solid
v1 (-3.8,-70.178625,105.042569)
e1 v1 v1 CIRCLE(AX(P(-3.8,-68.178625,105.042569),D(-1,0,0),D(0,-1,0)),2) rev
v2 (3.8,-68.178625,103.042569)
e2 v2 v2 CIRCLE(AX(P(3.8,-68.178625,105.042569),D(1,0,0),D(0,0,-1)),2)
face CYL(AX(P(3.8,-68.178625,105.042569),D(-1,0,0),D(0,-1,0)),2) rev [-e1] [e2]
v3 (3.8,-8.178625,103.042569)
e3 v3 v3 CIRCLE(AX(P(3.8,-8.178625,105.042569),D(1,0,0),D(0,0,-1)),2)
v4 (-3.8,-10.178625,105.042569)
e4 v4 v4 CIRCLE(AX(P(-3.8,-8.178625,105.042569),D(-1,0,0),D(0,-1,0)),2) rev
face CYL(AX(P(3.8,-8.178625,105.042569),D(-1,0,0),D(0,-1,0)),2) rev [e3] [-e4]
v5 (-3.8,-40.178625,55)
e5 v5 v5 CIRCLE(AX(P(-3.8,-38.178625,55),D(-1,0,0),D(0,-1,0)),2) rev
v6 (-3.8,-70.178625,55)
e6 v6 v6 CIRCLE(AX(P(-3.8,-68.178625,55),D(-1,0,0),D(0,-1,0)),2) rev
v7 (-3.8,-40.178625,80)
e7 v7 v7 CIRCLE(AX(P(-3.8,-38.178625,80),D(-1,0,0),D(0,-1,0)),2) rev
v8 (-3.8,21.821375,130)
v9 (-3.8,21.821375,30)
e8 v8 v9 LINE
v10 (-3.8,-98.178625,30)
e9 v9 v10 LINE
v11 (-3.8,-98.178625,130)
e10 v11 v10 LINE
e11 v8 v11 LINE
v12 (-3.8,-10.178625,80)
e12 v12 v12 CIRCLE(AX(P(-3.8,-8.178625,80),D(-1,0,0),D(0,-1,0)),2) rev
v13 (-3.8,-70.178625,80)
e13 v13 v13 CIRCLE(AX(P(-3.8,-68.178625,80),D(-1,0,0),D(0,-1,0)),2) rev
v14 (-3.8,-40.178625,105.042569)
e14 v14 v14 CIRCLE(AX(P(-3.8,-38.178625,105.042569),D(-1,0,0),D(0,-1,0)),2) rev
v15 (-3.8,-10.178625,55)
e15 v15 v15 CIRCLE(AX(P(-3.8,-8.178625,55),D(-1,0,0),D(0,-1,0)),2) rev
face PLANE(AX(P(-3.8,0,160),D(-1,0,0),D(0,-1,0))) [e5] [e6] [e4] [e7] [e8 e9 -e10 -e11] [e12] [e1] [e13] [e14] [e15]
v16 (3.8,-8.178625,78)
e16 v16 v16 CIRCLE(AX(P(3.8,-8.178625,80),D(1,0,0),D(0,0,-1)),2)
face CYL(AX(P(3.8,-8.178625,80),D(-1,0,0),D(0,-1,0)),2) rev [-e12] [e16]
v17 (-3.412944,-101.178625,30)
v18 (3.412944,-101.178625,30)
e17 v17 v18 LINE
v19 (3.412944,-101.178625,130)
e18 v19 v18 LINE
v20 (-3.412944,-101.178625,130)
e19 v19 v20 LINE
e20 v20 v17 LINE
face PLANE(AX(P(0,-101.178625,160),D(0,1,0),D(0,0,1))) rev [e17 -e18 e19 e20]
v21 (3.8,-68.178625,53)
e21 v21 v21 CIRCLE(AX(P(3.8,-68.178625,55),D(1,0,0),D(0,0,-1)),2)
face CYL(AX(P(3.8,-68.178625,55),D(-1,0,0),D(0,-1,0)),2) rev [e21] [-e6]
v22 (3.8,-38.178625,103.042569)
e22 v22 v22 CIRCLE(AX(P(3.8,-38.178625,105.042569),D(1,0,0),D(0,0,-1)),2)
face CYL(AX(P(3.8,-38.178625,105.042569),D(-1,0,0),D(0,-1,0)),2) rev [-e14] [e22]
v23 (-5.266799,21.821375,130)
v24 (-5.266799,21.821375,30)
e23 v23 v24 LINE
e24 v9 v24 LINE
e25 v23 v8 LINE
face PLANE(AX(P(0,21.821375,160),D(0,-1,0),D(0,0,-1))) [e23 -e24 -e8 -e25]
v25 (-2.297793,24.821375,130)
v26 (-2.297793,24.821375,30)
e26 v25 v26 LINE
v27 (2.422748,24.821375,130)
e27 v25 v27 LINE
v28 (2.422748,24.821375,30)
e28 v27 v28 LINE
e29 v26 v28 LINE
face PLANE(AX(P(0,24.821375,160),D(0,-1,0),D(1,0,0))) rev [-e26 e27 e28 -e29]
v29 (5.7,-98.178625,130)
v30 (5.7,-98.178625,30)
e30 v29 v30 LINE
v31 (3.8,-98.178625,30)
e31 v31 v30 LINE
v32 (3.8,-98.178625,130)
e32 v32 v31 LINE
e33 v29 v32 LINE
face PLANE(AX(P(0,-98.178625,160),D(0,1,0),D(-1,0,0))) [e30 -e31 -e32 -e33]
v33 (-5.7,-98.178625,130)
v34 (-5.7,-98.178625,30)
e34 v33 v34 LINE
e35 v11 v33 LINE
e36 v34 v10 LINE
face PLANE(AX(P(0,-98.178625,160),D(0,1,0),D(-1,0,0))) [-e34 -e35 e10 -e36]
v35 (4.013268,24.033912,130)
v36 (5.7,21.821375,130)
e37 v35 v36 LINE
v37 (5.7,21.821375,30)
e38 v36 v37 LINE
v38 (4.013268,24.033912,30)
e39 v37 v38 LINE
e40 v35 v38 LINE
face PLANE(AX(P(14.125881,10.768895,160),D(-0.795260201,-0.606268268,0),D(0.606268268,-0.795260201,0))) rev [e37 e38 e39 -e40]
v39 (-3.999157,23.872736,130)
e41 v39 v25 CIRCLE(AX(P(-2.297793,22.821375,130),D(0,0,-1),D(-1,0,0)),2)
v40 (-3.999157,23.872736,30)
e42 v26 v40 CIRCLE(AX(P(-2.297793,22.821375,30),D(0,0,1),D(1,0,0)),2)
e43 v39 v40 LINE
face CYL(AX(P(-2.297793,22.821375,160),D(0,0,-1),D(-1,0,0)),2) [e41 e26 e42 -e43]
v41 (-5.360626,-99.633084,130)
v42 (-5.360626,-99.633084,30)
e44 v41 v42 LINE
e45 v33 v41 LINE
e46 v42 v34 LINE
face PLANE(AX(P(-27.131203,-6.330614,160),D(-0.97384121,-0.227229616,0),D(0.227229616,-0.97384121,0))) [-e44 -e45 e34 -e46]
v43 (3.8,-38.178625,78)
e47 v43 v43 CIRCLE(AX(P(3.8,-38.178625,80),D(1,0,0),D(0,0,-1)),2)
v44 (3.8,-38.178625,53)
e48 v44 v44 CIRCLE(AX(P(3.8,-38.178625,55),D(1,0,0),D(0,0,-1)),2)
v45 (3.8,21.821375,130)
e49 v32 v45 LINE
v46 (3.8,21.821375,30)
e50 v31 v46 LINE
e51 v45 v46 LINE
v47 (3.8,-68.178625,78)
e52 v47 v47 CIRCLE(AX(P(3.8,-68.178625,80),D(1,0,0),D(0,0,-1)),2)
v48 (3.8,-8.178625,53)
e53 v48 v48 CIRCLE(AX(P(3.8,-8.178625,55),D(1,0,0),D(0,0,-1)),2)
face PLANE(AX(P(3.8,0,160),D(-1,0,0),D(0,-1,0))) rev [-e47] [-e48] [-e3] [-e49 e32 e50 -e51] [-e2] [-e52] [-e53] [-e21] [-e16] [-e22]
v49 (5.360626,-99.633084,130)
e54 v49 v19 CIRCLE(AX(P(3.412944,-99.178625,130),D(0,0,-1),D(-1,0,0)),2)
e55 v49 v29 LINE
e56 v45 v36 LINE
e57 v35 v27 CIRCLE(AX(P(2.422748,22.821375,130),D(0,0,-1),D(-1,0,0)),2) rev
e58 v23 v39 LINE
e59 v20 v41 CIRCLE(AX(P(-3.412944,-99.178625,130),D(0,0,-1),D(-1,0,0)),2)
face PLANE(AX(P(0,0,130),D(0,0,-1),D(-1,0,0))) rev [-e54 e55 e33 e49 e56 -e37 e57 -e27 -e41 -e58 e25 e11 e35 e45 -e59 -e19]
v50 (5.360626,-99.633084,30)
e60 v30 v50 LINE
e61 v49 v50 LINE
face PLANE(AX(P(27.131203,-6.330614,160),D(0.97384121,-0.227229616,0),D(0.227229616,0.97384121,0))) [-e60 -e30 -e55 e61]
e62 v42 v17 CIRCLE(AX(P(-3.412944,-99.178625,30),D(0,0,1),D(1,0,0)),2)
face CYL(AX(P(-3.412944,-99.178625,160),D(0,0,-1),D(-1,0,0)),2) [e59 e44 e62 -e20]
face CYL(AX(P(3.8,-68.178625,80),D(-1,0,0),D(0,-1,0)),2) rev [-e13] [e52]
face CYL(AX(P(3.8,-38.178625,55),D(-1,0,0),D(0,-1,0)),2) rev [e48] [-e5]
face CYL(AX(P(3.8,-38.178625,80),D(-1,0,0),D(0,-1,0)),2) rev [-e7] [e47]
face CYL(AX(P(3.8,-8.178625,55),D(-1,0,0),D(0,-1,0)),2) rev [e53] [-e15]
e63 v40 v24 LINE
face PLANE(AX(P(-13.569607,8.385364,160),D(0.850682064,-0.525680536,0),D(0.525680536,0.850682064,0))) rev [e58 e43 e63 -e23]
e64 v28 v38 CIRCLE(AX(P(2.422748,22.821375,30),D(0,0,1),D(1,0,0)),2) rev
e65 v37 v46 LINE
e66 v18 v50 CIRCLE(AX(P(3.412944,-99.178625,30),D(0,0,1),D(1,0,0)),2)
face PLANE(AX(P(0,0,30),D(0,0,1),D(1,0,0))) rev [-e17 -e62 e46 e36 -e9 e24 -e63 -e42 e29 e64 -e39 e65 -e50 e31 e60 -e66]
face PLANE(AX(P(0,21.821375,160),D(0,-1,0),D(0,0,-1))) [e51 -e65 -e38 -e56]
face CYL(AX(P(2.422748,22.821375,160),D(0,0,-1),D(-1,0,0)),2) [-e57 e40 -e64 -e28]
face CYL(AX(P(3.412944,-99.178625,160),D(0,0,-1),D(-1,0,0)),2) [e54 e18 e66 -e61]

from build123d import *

# Parameters (mm, degrees)
RESSALTO_EXTRUS_O1_DEPTH   = 160
ESBO_O2_W                  = 7.6
ESBO_O2_H                  = 120
CORTE_EXTRUS_O1_DEPTH      = 30
CORTE_EXTRUS_O2_DEPTH      = 30
F_3DSKETCH3_R              = 2
CORTE_EXTRUS_O3_DEPTH      = 70
ESBO_O3_W                  = 45.015344868
ESBO_O3_H                  = 129.478543367
ESBO_O3_W_2                = 37.192593828
CORTE_EXTRUS_O4_DEPTH      = 41
CORTE_EXTRUS_O4_DEPTH_BACK = 22


with BuildPart() as part:
    # Esboço1 → Ressalto-extrusão1 (new body)
    with BuildSketch(Plane.XY):
        with BuildLine():
            Line((-3.8, 21.821375341), (-3.8, -98.178624659))
            Line((-3.8, -98.178624659), (-5.7, -98.178624659))
            Line((-5.7, -98.178624659), (-5.360626179, -99.63308389))
            ThreePointArc((-5.360626179, -99.63308389), (-4.656141559, -100.745296045), (-3.41294376, -101.178624659))
            Line((-3.41294376, -101.178624659), (3.41294376, -101.178624659))
            ThreePointArc((3.41294376, -101.178624659), (4.656141559, -100.745296045), (5.360626179, -99.63308389))
            Line((5.360626179, -99.63308389), (5.7, -98.178624659))
            Line((5.7, -98.178624659), (3.8, -98.178624659))
            Line((3.8, -98.178624659), (3.8, 21.821375341))
            Line((3.8, 21.821375341), (5.7, 21.821375341))
            Line((5.7, 21.821375341), (4.013268169, 24.033911877))
            ThreePointArc((4.013268169, 24.033911877), (3.310139149, 24.613730366), (2.422747768, 24.821375341))
            Line((2.422747768, 24.821375341), (-2.297792791, 24.821375341))
            ThreePointArc((-2.297792791, 24.821375341), (-3.27177376, 24.568189891), (-3.999156919, 23.872736414))
            Line((-3.999156919, 23.872736414), (-5.266799243, 21.821375341))
            Line((-5.266799243, 21.821375341), (-3.8, 21.821375341))
        make_face()
    extrude(amount=RESSALTO_EXTRUS_O1_DEPTH)

    # Esboço2 → Corte-extrusão1 (cut)
    with BuildSketch(Plane.XY):
        with Locations((0, -38.178624659)):
            Rectangle(ESBO_O2_W, ESBO_O2_H)
    extrude(amount=CORTE_EXTRUS_O1_DEPTH, mode=Mode.SUBTRACT)

    # 3DSketch2 → Corte-extrusão2 (cut)
    with BuildSketch(Plane(origin=(-3.8, 21.821375341, 160), x_dir=(0.0632066956560733, -0.9980004577274705, 0), z_dir=(0, 0, -1))):
        Polygon((0, 0), (0.480370887, -7.584803479), (120.240425814, 0), (119.760054927, 7.584803479), align=None)
    extrude(amount=CORTE_EXTRUS_O2_DEPTH, mode=Mode.SUBTRACT)

    # 3DSketch3 → Corte-extrusão3 (cut)
    with BuildSketch(Plane(origin=(3.8, -38.178624659, 80), x_dir=(0, 0.7676852805184269, 0.6408270516101394), z_dir=(1, 0, 0))):
        with Locations(Location((0, 0, 0), (0, 0, 140.146481665))):
            Circle(F_3DSKETCH3_R)
        with Locations(Location((23.030558416, -19.224811548, 0), (0, 0, 140.146481665))):
            Circle(F_3DSKETCH3_R)
        with Locations(Location((-23.030558416, 19.224811548, 0), (0, 0, 140.146481665))):
            Circle(F_3DSKETCH3_R)
        with Locations(Location((-39.051234706, 0.032679535, 0), (0, 0, 140.146481665))):
            Circle(F_3DSKETCH3_R)
        with Locations(Location((-16.02067629, -19.192132013, 0), (0, 0, 140.146481665))):
            Circle(F_3DSKETCH3_R)
        with Locations(Location((7.009882125, -38.416943561, 0), (0, 0, 140.146481665))):
            Circle(F_3DSKETCH3_R)
        with Locations(Location((-6.982602808, 38.449623097, 0), (0, 0, 140.146481665))):
            Circle(F_3DSKETCH3_R)
        with Locations(Location((16.047955607, 19.224811548, 0), (0, 0, 140.146481665))):
            Circle(F_3DSKETCH3_R)
        with Locations(Location((39.078514023, 0, 0), (0, 0, 140.146481665))):
            Circle(F_3DSKETCH3_R)
    extrude(amount=-CORTE_EXTRUS_O3_DEPTH, mode=Mode.SUBTRACT)

    # Esboço3 → Corte-extrusão4 (cut, two sides)
    with BuildSketch(Plane(origin=(0, 0, 0), x_dir=(0, 0, -1), z_dir=(1, 0, 0))) as corte_extrus_o4_sk:
        with Locations((-7.492327566, -39.917896343)):
            Rectangle(ESBO_O3_W, ESBO_O3_H)
        with Locations((-148.596296914, -39.917896343)):
            Rectangle(ESBO_O3_W_2, ESBO_O3_H)
    extrude(amount=CORTE_EXTRUS_O4_DEPTH, mode=Mode.SUBTRACT)
    extrude(corte_extrus_o4_sk.sketch, amount=-CORTE_EXTRUS_O4_DEPTH_BACK, mode=Mode.SUBTRACT)


solid = part.part
